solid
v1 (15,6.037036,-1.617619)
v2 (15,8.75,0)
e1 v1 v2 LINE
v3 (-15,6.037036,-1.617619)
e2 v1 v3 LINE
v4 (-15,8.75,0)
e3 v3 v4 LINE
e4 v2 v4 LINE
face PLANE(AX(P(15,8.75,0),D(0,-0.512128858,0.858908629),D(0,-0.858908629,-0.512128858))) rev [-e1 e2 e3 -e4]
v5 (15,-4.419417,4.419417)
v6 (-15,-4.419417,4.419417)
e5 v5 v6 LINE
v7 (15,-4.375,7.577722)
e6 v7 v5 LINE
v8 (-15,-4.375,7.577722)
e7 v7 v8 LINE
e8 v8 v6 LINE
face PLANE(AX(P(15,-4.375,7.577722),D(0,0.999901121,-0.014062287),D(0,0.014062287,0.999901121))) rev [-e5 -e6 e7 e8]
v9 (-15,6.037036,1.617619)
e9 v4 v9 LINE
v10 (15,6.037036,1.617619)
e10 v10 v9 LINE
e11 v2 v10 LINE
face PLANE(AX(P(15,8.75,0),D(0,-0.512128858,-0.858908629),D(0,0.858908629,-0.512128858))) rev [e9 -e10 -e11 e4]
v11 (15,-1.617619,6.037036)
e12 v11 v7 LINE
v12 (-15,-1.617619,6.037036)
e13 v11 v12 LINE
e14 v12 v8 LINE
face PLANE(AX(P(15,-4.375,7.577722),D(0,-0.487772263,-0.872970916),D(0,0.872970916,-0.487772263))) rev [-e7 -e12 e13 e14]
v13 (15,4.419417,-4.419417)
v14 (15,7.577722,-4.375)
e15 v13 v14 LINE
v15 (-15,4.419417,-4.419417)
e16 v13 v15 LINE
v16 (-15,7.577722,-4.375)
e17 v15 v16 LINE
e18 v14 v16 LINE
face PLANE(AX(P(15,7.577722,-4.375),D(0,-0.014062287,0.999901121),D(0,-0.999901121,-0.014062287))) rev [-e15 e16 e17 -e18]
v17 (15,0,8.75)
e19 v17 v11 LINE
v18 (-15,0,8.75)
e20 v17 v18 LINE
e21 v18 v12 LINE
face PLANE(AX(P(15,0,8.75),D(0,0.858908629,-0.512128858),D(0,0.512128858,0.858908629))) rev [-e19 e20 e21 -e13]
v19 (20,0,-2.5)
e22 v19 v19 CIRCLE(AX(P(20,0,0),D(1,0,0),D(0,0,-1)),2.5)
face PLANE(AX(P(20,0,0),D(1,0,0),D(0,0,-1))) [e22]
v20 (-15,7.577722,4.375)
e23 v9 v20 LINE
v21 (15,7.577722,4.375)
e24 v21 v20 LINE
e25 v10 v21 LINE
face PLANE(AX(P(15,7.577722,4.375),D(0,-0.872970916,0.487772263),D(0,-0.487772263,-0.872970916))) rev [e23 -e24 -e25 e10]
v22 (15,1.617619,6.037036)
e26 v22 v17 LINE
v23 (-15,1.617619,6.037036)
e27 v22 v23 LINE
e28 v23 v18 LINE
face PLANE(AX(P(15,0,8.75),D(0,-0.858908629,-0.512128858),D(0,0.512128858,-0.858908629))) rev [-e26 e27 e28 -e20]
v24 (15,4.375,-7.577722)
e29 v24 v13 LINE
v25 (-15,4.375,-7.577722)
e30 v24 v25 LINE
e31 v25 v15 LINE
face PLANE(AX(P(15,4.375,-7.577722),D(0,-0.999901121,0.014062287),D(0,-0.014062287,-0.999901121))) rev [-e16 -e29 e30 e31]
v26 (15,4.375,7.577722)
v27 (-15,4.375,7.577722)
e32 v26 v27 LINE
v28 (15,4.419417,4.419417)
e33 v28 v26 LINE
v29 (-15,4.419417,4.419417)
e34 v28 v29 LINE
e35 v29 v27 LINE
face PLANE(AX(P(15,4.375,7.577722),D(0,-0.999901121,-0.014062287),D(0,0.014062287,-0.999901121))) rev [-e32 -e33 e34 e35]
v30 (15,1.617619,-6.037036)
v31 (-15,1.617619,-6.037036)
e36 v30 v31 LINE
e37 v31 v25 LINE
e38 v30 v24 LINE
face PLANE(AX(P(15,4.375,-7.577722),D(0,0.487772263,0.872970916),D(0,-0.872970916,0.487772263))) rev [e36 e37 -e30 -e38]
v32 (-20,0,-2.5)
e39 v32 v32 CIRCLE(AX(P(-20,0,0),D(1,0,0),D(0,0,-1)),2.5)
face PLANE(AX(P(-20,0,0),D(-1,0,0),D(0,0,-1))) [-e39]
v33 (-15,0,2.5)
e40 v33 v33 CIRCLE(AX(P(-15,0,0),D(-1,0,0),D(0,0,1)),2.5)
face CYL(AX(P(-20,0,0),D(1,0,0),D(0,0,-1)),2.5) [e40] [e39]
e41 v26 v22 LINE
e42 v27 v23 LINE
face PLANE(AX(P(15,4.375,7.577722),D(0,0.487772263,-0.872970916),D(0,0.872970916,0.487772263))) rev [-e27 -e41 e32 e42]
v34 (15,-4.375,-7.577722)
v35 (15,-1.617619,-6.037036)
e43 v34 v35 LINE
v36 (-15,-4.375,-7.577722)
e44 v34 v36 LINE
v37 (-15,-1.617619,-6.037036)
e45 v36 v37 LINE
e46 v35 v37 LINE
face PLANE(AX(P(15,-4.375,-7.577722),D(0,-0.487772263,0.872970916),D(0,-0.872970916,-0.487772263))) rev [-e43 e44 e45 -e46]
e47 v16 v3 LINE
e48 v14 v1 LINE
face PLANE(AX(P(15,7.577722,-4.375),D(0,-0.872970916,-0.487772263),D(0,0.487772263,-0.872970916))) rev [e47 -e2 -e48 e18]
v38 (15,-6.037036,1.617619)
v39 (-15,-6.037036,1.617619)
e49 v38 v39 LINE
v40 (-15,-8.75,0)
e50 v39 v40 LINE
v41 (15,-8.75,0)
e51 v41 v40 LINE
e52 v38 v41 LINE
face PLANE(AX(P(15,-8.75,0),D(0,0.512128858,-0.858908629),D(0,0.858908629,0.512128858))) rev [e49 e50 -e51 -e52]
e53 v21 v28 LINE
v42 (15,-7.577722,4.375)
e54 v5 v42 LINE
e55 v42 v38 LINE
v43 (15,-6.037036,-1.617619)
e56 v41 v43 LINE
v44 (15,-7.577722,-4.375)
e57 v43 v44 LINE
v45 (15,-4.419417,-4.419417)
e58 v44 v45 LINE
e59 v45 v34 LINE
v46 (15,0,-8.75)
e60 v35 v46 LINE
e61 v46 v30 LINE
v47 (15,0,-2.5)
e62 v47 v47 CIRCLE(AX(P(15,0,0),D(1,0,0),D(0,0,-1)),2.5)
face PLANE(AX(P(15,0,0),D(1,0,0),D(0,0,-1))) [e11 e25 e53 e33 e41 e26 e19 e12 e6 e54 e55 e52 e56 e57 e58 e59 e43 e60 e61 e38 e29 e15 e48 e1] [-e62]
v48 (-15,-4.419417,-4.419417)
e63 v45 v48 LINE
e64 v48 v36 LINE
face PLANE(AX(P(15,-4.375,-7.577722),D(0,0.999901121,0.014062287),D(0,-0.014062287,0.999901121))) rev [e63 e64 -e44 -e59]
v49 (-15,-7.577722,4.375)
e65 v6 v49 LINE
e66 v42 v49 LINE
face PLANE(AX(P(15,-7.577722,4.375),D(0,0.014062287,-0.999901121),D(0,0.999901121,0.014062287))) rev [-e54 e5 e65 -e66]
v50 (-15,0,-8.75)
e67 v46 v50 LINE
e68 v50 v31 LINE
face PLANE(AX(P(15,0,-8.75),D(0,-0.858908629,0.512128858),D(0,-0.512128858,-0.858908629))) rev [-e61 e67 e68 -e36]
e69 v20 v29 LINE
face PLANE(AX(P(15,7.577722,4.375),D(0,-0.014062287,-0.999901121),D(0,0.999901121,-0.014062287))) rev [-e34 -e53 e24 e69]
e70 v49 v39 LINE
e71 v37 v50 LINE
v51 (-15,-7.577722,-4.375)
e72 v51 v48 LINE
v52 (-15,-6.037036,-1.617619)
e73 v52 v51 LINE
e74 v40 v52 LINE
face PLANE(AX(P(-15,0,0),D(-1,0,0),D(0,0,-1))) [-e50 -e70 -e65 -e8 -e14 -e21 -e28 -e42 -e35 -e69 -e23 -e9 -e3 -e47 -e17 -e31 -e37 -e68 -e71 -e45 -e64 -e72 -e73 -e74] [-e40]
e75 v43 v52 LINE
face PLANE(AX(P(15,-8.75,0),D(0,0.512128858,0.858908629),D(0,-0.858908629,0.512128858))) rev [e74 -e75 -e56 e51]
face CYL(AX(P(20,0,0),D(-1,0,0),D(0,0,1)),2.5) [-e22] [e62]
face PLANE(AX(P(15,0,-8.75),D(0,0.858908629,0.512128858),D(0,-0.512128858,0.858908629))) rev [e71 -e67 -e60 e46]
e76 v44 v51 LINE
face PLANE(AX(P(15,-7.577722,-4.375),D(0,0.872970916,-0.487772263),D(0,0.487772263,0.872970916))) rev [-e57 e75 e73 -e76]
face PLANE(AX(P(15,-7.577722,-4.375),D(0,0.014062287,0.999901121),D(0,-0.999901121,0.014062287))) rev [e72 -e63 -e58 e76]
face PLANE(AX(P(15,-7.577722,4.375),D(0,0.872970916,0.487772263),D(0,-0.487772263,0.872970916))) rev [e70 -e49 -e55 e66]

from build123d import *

# Parameters (mm, degrees)
BOSS_EXTRUDE1_DEPTH = 15
SKETCH4_R           = 2.5
BOSS_EXTRUDE3_DEPTH = 5


with BuildPart() as part:
    # Sketch1 → Boss-Extrude1 (new body)
    with BuildSketch(Plane(origin=(0, 0, 0), x_dir=(0, 0, -1), z_dir=(1, 0, 0))):
        Polygon((0, 8.75), (1.617619032, 6.037036414), (4.375, 7.577722283), (4.419417382, 4.419417382), (7.577722283, 4.375), (6.037036414, 1.617619032), (8.75, 0), (6.037036414, -1.617619032), (7.577722283, -4.375), (4.419417382, -4.419417382), (4.375, -7.577722283), (1.617619032, -6.037036414), (0, -8.75), (-1.617619032, -6.037036414), (-4.375, -7.577722283), (-4.419417382, -4.419417382), (-7.577722283, -4.375), (-6.037036414, -1.617619032), (-8.75, 0), (-6.037036414, 1.617619032), (-7.577722283, 4.375), (-4.419417382, 4.419417382), (-4.375, 7.577722283), (-1.617619032, 6.037036414), align=None)
    boss_extrude1 = extrude(amount=BOSS_EXTRUDE1_DEPTH)

    # Sketch4 → Boss-Extrude3 (add)
    with BuildSketch(Plane(origin=(15, 0, 0), x_dir=(0, 0, -1), z_dir=(1, 0, 0))):
        Circle(SKETCH4_R)
    boss_extrude3 = extrude(amount=BOSS_EXTRUDE3_DEPTH)

    # Mirror1: Boss-Extrude1, Boss-Extrude3 across plane
    add(boss_extrude1.mirror(Plane(origin=(0, 0, 0), x_dir=(0, 0, 1), z_dir=(1, 0, 0))))
    add(boss_extrude3.mirror(Plane(origin=(0, 0, 0), x_dir=(0, 0, 1), z_dir=(1, 0, 0))))


solid = part.part
